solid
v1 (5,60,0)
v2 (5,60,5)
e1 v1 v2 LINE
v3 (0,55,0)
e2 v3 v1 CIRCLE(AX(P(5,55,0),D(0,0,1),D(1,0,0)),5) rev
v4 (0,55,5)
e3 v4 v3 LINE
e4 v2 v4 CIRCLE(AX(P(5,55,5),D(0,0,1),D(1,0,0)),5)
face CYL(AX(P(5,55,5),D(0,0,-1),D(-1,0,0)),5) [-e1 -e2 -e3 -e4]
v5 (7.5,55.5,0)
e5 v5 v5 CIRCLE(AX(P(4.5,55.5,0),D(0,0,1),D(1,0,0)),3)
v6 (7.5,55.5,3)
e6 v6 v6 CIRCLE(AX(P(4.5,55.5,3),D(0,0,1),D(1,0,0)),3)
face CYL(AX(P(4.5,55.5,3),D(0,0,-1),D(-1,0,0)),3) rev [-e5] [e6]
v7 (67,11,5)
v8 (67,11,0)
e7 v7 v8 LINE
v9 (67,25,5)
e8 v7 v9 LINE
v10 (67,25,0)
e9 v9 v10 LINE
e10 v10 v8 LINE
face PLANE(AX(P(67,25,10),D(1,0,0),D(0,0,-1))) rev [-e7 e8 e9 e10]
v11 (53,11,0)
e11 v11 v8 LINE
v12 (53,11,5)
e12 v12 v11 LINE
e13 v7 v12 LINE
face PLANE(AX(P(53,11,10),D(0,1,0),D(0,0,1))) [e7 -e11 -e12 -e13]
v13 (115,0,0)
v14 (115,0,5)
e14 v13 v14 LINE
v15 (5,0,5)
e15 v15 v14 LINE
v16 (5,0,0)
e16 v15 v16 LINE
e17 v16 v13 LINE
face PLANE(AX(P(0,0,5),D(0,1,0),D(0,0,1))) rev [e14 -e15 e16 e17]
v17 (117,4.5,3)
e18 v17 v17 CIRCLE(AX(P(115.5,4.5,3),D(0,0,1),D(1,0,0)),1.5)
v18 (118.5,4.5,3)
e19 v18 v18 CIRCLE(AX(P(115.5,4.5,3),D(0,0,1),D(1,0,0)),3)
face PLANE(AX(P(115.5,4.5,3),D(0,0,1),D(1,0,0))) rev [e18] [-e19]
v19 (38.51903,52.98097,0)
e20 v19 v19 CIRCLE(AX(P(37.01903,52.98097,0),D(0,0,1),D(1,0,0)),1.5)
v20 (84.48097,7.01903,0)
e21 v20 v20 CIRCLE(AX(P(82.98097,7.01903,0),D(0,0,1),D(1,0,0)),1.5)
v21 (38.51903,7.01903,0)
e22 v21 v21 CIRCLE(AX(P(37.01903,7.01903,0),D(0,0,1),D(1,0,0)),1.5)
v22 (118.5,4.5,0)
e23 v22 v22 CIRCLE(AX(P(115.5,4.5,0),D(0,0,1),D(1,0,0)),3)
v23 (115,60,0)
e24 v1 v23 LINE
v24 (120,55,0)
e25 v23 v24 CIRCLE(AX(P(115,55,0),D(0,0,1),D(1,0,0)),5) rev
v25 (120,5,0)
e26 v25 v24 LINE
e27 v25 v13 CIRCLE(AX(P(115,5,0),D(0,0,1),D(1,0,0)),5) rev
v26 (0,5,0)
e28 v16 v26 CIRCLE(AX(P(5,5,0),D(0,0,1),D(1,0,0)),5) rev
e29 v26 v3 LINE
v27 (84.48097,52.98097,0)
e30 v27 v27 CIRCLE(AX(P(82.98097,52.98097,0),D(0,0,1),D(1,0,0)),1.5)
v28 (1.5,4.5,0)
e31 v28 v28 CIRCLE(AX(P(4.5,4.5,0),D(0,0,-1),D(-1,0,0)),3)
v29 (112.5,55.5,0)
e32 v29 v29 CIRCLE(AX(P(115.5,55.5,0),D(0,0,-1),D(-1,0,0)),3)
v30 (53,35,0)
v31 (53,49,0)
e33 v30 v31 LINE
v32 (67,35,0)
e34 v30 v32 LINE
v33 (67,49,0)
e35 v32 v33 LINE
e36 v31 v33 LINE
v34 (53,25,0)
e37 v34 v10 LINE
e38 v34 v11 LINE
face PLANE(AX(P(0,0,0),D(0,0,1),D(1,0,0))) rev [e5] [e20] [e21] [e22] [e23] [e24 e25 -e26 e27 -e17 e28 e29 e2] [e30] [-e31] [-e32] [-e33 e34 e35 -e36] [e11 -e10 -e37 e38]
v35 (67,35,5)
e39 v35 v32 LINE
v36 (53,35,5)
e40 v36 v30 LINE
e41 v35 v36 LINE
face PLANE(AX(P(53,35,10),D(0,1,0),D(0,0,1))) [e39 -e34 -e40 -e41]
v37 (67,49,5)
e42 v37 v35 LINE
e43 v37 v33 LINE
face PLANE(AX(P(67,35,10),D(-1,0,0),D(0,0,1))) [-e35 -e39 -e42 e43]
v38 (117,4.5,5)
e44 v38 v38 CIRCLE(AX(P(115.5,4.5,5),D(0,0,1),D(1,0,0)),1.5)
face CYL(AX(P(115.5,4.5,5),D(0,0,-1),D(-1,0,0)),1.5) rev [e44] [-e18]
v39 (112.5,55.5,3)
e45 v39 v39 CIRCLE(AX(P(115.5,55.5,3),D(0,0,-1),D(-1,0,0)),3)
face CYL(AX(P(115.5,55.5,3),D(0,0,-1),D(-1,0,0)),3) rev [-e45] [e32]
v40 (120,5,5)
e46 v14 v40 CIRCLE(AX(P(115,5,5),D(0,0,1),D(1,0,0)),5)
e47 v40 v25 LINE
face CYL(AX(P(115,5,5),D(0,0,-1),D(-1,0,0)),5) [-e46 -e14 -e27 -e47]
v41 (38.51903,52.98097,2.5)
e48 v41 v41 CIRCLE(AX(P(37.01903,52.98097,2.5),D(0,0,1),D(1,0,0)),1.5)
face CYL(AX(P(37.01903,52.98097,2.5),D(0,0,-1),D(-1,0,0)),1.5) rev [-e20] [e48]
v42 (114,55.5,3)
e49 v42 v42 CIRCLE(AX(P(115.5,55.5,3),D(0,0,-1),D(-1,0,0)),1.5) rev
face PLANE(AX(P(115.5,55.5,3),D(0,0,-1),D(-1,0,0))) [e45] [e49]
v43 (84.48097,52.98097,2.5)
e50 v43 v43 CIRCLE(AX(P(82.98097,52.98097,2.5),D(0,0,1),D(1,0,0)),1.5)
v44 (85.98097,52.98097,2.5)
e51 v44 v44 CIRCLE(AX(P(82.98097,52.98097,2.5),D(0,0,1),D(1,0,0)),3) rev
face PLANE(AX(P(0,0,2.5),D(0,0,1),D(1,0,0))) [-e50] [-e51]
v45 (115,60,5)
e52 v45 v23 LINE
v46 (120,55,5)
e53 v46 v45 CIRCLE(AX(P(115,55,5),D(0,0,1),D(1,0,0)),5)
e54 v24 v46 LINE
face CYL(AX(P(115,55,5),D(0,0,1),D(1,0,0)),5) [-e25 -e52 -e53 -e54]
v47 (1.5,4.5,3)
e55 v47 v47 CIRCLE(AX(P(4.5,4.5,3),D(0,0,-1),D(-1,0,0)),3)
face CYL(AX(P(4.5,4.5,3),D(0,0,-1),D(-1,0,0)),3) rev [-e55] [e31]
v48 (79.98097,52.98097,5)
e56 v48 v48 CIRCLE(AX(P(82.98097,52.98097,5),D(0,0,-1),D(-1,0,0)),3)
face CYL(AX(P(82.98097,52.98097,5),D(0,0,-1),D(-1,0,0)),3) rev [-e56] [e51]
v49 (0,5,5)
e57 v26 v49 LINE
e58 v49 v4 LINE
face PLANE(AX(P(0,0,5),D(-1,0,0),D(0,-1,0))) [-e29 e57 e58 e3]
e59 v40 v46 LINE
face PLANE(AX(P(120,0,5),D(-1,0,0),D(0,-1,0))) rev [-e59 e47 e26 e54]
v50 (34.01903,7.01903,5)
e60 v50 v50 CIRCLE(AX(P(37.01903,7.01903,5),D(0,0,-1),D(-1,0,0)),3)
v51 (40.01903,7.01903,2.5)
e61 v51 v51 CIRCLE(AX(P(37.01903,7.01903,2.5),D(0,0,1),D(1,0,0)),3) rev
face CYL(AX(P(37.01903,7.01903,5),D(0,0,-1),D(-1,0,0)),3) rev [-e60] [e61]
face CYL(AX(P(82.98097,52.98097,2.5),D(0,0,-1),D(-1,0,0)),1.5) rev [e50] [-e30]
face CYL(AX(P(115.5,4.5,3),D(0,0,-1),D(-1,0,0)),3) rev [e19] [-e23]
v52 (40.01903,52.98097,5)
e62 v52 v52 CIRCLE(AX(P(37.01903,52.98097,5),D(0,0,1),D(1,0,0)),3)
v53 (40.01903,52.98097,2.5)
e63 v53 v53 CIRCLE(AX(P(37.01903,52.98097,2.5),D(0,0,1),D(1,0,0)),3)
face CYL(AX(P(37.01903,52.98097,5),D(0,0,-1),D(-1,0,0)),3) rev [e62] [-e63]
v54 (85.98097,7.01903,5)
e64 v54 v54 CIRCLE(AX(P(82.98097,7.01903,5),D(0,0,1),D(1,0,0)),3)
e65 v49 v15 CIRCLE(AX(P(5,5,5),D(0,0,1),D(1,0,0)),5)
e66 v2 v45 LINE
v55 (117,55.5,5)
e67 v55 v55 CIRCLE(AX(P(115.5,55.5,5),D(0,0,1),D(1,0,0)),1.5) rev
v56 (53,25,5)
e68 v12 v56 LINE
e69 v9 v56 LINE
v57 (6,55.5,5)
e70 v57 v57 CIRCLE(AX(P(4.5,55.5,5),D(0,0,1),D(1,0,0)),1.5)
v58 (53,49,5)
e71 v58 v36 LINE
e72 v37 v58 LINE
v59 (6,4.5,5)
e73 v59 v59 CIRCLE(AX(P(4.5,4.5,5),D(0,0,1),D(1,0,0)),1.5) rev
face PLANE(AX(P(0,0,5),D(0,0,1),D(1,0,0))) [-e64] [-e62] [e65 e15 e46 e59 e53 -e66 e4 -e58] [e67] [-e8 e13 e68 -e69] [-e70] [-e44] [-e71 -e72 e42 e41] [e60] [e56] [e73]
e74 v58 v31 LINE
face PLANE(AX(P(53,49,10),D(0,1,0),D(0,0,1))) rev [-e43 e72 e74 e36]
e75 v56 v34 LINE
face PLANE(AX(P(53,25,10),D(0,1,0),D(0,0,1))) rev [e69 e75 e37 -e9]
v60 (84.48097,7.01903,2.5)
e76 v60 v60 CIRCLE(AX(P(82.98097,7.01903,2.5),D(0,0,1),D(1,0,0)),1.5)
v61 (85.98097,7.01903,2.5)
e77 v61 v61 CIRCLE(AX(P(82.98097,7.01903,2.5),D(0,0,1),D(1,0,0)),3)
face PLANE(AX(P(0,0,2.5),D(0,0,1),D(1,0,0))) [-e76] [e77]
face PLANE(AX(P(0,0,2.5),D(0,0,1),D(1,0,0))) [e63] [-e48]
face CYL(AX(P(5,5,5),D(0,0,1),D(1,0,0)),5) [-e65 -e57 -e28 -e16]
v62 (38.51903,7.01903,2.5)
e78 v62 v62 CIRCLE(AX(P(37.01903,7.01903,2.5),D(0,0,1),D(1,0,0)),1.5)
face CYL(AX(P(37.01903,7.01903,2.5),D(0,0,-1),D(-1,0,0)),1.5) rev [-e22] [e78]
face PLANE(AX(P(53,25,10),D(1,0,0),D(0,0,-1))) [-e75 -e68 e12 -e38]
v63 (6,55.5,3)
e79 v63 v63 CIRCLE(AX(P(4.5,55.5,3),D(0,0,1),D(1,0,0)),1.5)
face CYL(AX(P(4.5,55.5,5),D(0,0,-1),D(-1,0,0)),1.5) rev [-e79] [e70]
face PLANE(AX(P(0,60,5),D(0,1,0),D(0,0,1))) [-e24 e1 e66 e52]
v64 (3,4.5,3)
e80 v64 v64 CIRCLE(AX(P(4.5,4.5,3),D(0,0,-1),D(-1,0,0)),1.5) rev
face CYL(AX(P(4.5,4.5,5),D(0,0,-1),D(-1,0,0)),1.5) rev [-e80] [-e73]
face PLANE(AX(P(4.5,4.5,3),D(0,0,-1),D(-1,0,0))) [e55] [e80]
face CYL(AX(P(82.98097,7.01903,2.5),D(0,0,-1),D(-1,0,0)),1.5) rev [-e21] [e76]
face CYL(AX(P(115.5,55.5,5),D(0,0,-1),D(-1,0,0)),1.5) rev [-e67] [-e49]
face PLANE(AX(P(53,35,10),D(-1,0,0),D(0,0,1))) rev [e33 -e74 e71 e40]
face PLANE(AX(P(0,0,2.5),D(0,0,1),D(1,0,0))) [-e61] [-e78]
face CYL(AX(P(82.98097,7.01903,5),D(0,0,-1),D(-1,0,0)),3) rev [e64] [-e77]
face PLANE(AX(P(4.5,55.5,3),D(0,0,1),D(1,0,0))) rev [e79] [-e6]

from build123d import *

# Parameters (mm, degrees)
SKETCH1_W           = 120
SKETCH1_H           = 60
BOSS_EXTRUDE1_DEPTH = 5
SKETCH1_6_R         = 1.5
CUT_EXTRUDE1_DEPTH  = 5
SKETCH1_7_R         = 3
CUT_EXTRUDE2_DEPTH  = 3
SKETCH1_12_R        = 3
CUT_EXTRUDE4_DEPTH  = 5
SKETCH1_13_R        = 3
SKETCH1_13_R_2      = 1.5
BOSS_EXTRUDE2_DEPTH = 2.5
FILLET1_R           = 5
SKETCH3_W           = 14
SKETCH3_H           = 14
CUT_EXTRUDE8_DEPTH  = 10


with BuildPart() as part:
    # Sketch1 → Boss-Extrude1 (new body)
    with BuildSketch(Plane.XY):
        with Locations((60, 30)):
            Rectangle(SKETCH1_W, SKETCH1_H)
    extrude(amount=BOSS_EXTRUDE1_DEPTH)

    # Sketch1<6> → Cut-Extrude1 (cut)
    with BuildSketch(Plane.XY):
        with Locations((4.5, 55.5)):
            Circle(SKETCH1_6_R)
        with Locations((115.5, 55.5)):
            Circle(SKETCH1_6_R)
        with Locations((4.5, 4.5)):
            Circle(SKETCH1_6_R)
        with Locations((115.5, 4.5)):
            Circle(SKETCH1_6_R)
    extrude(amount=CUT_EXTRUDE1_DEPTH, mode=Mode.SUBTRACT)

    # Sketch1<7> → Cut-Extrude2 (cut)
    with BuildSketch(Plane.XY):
        with Locations((4.5, 55.5)):
            Circle(SKETCH1_7_R)
        with Locations((115.5, 55.5)):
            Circle(SKETCH1_7_R)
        with Locations((4.5, 4.5)):
            Circle(SKETCH1_7_R)
        with Locations((115.5, 4.5)):
            Circle(SKETCH1_7_R)
    extrude(amount=CUT_EXTRUDE2_DEPTH, mode=Mode.SUBTRACT)

    # Sketch1<12> → Cut-Extrude4 (cut)
    with BuildSketch(Plane.XY):
        with Locations((37.019029611, 52.980970389)):
            Circle(SKETCH1_12_R)
        with Locations((82.980970389, 52.980970389)):
            Circle(SKETCH1_12_R)
        with Locations((37.019029611, 7.019029611)):
            Circle(SKETCH1_12_R)
        with Locations((82.980970389, 7.019029611)):
            Circle(SKETCH1_12_R)
    extrude(amount=CUT_EXTRUDE4_DEPTH, mode=Mode.SUBTRACT)

    # Sketch1<13> → Boss-Extrude2 (add)
    # profile 1 of 4: a face of its own
    with BuildSketch(Plane.XY):
        with Locations((82.980970389, 52.980970389)):
            Circle(SKETCH1_13_R)
        with Locations((82.980970389, 52.980970389)):
            Circle(SKETCH1_13_R_2, mode=Mode.SUBTRACT)
    # profile 2 of 4: a face of its own
    with BuildSketch(Plane.XY):
        with Locations((82.980970389, 7.019029611)):
            Circle(SKETCH1_13_R)
        with Locations((82.980970389, 7.019029611)):
            Circle(SKETCH1_13_R_2, mode=Mode.SUBTRACT)
    # profile 3 of 4: a face of its own
    with BuildSketch(Plane.XY):
        with Locations((37.019029611, 52.980970389)):
            Circle(SKETCH1_13_R)
        with Locations((37.019029611, 52.980970389)):
            Circle(SKETCH1_13_R_2, mode=Mode.SUBTRACT)
    # profile 4 of 4: a face of its own
    with BuildSketch(Plane.XY):
        with Locations((37.019029611, 7.019029611)):
            Circle(SKETCH1_13_R)
        with Locations((37.019029611, 7.019029611)):
            Circle(SKETCH1_13_R_2, mode=Mode.SUBTRACT)
    extrude(amount=BOSS_EXTRUDE2_DEPTH)

    # Fillet1
    fillet1_edges = [part.edges().sort_by_distance(p)[0] for p in [
        (0, 60, 2.5),
        (0, 0, 2.5),
        (120, 0, 2.5),
        (120, 60, 2.5),
    ]]
    fillet(fillet1_edges, radius=FILLET1_R)

    # Sketch3 → Cut-Extrude8 (cut)
    with BuildSketch(Plane.XY):
        with Locations((60, 18)):
            Rectangle(SKETCH3_W, SKETCH3_H)
        with Locations((60, 42)):
            Rectangle(SKETCH3_W, SKETCH3_H)
    extrude(amount=CUT_EXTRUDE8_DEPTH, mode=Mode.SUBTRACT)


solid = part.part
